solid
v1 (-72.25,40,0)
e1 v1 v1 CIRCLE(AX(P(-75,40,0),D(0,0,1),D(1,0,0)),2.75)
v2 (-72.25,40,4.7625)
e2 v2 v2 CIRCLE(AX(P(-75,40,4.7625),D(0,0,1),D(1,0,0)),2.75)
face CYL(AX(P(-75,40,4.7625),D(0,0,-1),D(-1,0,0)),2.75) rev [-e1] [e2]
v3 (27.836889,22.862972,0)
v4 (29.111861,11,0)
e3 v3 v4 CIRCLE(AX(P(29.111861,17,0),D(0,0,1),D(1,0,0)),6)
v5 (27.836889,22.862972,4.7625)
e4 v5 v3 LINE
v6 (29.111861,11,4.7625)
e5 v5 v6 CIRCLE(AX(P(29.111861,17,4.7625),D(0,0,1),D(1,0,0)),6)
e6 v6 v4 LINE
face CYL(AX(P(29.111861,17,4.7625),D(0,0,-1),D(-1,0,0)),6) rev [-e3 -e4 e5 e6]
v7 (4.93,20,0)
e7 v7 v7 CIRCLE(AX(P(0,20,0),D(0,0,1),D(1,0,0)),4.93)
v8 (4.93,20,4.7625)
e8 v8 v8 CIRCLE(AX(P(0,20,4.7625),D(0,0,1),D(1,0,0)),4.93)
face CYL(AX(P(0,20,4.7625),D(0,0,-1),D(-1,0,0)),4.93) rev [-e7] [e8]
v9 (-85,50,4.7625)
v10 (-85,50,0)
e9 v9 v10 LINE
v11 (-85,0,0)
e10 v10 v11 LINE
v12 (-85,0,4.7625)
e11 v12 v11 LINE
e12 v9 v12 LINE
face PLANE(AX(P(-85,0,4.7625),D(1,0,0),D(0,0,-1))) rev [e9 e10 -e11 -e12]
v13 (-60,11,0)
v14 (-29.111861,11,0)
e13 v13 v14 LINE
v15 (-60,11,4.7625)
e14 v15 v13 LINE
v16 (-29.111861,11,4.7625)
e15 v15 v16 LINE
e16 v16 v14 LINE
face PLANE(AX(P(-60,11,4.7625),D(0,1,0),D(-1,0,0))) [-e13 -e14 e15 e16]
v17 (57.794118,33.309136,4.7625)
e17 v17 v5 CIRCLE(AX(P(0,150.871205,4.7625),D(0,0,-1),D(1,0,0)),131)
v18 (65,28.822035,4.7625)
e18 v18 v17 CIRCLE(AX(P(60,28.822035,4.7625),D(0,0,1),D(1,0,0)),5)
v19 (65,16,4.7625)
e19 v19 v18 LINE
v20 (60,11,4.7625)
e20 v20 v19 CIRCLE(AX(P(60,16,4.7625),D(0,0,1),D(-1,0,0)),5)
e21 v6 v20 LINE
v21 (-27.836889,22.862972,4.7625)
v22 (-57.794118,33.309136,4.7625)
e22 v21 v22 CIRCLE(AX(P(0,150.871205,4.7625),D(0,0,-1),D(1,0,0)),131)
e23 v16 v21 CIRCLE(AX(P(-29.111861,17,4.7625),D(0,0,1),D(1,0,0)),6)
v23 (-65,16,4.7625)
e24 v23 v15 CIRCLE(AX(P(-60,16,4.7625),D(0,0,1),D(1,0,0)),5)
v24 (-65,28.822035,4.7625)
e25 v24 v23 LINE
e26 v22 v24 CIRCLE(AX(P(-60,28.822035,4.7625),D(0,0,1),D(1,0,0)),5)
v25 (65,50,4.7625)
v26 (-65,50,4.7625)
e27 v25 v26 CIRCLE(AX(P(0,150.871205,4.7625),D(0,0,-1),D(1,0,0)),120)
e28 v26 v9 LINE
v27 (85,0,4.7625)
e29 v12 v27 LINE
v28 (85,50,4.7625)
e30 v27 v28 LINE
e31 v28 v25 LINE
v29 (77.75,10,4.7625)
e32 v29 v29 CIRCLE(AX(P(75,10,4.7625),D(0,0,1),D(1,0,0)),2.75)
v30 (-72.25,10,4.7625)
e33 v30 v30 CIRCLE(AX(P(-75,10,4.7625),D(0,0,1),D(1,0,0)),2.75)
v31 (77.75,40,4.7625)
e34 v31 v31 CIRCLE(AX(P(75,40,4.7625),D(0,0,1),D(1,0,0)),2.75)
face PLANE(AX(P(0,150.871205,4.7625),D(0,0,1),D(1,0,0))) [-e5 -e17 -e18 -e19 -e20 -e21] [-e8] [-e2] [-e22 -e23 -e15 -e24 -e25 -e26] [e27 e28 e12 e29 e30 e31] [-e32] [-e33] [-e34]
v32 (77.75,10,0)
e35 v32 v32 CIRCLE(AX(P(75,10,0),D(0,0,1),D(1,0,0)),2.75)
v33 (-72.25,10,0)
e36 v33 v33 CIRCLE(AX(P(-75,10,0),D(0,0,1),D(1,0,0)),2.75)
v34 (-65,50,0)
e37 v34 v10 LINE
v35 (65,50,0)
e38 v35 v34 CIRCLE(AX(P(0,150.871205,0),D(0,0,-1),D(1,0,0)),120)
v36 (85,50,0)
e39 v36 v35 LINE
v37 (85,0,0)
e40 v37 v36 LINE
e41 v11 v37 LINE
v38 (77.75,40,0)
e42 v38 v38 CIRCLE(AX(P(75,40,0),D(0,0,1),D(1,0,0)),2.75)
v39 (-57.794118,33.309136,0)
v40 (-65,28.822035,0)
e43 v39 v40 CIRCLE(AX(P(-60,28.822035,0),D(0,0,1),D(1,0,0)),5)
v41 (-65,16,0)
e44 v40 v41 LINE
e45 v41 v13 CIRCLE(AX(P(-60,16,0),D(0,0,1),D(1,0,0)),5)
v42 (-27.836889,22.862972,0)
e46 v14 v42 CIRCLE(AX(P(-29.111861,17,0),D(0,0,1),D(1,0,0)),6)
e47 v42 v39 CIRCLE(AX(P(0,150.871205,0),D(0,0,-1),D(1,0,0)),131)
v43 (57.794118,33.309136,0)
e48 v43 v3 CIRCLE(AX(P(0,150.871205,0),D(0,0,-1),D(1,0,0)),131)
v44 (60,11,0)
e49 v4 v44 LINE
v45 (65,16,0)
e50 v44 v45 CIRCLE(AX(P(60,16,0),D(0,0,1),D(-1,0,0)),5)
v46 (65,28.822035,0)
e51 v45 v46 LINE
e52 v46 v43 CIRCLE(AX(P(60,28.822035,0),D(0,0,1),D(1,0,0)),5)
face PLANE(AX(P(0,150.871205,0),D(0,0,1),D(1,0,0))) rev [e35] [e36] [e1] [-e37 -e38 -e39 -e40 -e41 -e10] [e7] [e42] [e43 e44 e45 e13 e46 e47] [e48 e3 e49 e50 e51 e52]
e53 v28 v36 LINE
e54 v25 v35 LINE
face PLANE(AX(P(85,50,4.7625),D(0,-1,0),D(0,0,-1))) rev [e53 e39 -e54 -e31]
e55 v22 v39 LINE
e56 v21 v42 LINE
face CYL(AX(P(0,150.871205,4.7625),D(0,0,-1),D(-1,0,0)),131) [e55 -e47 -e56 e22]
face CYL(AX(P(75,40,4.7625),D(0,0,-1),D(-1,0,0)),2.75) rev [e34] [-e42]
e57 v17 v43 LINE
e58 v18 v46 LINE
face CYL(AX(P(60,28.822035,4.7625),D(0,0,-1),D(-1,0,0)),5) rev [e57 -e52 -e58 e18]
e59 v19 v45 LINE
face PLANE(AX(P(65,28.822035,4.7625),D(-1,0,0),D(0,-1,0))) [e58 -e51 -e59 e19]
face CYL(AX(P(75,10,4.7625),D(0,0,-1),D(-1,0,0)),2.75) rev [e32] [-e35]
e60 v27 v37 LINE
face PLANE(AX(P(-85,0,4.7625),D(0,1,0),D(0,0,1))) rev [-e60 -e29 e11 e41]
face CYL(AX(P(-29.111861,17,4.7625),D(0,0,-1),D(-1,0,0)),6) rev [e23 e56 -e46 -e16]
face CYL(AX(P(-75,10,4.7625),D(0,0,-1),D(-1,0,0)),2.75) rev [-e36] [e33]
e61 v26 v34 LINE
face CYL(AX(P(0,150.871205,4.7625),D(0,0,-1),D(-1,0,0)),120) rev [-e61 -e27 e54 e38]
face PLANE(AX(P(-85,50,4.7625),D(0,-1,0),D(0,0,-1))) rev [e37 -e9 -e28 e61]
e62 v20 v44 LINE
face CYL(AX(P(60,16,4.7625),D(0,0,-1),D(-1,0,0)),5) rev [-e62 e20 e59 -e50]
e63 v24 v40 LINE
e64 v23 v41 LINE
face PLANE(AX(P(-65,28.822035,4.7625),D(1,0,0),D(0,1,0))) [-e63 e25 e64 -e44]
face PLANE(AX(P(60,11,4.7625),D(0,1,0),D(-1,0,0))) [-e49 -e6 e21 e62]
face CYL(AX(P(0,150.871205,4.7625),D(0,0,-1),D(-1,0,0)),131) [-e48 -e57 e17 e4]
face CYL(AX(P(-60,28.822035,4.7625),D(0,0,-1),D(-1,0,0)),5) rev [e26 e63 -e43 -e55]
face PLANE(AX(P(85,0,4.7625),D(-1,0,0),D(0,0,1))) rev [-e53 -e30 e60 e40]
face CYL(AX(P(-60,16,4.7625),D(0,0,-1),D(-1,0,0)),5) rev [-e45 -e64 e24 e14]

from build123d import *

# Parameters (mm, degrees)
SKETCH1_R           = 4.93
SKETCH1_R_2         = 2.75
BOSS_EXTRUDE1_DEPTH = 4.7625


with BuildPart() as part:
    # Sketch1 → Boss-Extrude1 (new body)
    with BuildSketch(Plane.XY):
        with BuildLine():
            Line((-85, 0), (85, 0))
            Line((85, 0), (85, 50))
            Line((85, 50), (65, 50))
            ThreePointArc((65, 50), (0, 30.871205009), (-65, 50))
            Line((-65, 50), (-85, 50))
            Line((-85, 50), (-85, 0))
        make_face()
        with Locations((0, 20)):
            Circle(SKETCH1_R, mode=Mode.SUBTRACT)
        with Locations((-75, 40)):
            Circle(SKETCH1_R_2, mode=Mode.SUBTRACT)
        with Locations((-75, 10)):
            Circle(SKETCH1_R_2, mode=Mode.SUBTRACT)
        with Locations((75, 40)):
            Circle(SKETCH1_R_2, mode=Mode.SUBTRACT)
        with Locations((75, 10)):
            Circle(SKETCH1_R_2, mode=Mode.SUBTRACT)
        with BuildLine():
            Line((-65, 28.82203459), (-65, 16))
            ThreePointArc((-65, 16), (-63.535533906, 12.464466094), (-60, 11))
            Line((-60, 11), (-29.111861318, 11))
            ThreePointArc((-29.111861318, 11), (-23.146216554, 16.358842801), (-27.836889289, 22.862972482))
            ThreePointArc((-27.836889289, 22.862972482), (-43.132909972, 27.17580462), (-57.794117647, 33.309136444))
            ThreePointArc((-57.794117647, 33.309136444), (-62.642970699, 33.066408028), (-65, 28.82203459))
        make_face(mode=Mode.SUBTRACT)
        with BuildLine():
            Line((65, 28.82203459), (65, 16))
            ThreePointArc((65, 16), (63.535533906, 12.464466094), (60, 11))
            Line((60, 11), (29.111861318, 11))
            ThreePointArc((29.111861318, 11), (23.146216554, 16.358842801), (27.836889289, 22.862972482))
            ThreePointArc((27.836889289, 22.862972482), (43.132909972, 27.17580462), (57.794117647, 33.309136444))
            ThreePointArc((57.794117647, 33.309136444), (62.642970699, 33.066408028), (65, 28.82203459))
        make_face(mode=Mode.SUBTRACT)
    extrude(amount=BOSS_EXTRUDE1_DEPTH)


solid = part.part
